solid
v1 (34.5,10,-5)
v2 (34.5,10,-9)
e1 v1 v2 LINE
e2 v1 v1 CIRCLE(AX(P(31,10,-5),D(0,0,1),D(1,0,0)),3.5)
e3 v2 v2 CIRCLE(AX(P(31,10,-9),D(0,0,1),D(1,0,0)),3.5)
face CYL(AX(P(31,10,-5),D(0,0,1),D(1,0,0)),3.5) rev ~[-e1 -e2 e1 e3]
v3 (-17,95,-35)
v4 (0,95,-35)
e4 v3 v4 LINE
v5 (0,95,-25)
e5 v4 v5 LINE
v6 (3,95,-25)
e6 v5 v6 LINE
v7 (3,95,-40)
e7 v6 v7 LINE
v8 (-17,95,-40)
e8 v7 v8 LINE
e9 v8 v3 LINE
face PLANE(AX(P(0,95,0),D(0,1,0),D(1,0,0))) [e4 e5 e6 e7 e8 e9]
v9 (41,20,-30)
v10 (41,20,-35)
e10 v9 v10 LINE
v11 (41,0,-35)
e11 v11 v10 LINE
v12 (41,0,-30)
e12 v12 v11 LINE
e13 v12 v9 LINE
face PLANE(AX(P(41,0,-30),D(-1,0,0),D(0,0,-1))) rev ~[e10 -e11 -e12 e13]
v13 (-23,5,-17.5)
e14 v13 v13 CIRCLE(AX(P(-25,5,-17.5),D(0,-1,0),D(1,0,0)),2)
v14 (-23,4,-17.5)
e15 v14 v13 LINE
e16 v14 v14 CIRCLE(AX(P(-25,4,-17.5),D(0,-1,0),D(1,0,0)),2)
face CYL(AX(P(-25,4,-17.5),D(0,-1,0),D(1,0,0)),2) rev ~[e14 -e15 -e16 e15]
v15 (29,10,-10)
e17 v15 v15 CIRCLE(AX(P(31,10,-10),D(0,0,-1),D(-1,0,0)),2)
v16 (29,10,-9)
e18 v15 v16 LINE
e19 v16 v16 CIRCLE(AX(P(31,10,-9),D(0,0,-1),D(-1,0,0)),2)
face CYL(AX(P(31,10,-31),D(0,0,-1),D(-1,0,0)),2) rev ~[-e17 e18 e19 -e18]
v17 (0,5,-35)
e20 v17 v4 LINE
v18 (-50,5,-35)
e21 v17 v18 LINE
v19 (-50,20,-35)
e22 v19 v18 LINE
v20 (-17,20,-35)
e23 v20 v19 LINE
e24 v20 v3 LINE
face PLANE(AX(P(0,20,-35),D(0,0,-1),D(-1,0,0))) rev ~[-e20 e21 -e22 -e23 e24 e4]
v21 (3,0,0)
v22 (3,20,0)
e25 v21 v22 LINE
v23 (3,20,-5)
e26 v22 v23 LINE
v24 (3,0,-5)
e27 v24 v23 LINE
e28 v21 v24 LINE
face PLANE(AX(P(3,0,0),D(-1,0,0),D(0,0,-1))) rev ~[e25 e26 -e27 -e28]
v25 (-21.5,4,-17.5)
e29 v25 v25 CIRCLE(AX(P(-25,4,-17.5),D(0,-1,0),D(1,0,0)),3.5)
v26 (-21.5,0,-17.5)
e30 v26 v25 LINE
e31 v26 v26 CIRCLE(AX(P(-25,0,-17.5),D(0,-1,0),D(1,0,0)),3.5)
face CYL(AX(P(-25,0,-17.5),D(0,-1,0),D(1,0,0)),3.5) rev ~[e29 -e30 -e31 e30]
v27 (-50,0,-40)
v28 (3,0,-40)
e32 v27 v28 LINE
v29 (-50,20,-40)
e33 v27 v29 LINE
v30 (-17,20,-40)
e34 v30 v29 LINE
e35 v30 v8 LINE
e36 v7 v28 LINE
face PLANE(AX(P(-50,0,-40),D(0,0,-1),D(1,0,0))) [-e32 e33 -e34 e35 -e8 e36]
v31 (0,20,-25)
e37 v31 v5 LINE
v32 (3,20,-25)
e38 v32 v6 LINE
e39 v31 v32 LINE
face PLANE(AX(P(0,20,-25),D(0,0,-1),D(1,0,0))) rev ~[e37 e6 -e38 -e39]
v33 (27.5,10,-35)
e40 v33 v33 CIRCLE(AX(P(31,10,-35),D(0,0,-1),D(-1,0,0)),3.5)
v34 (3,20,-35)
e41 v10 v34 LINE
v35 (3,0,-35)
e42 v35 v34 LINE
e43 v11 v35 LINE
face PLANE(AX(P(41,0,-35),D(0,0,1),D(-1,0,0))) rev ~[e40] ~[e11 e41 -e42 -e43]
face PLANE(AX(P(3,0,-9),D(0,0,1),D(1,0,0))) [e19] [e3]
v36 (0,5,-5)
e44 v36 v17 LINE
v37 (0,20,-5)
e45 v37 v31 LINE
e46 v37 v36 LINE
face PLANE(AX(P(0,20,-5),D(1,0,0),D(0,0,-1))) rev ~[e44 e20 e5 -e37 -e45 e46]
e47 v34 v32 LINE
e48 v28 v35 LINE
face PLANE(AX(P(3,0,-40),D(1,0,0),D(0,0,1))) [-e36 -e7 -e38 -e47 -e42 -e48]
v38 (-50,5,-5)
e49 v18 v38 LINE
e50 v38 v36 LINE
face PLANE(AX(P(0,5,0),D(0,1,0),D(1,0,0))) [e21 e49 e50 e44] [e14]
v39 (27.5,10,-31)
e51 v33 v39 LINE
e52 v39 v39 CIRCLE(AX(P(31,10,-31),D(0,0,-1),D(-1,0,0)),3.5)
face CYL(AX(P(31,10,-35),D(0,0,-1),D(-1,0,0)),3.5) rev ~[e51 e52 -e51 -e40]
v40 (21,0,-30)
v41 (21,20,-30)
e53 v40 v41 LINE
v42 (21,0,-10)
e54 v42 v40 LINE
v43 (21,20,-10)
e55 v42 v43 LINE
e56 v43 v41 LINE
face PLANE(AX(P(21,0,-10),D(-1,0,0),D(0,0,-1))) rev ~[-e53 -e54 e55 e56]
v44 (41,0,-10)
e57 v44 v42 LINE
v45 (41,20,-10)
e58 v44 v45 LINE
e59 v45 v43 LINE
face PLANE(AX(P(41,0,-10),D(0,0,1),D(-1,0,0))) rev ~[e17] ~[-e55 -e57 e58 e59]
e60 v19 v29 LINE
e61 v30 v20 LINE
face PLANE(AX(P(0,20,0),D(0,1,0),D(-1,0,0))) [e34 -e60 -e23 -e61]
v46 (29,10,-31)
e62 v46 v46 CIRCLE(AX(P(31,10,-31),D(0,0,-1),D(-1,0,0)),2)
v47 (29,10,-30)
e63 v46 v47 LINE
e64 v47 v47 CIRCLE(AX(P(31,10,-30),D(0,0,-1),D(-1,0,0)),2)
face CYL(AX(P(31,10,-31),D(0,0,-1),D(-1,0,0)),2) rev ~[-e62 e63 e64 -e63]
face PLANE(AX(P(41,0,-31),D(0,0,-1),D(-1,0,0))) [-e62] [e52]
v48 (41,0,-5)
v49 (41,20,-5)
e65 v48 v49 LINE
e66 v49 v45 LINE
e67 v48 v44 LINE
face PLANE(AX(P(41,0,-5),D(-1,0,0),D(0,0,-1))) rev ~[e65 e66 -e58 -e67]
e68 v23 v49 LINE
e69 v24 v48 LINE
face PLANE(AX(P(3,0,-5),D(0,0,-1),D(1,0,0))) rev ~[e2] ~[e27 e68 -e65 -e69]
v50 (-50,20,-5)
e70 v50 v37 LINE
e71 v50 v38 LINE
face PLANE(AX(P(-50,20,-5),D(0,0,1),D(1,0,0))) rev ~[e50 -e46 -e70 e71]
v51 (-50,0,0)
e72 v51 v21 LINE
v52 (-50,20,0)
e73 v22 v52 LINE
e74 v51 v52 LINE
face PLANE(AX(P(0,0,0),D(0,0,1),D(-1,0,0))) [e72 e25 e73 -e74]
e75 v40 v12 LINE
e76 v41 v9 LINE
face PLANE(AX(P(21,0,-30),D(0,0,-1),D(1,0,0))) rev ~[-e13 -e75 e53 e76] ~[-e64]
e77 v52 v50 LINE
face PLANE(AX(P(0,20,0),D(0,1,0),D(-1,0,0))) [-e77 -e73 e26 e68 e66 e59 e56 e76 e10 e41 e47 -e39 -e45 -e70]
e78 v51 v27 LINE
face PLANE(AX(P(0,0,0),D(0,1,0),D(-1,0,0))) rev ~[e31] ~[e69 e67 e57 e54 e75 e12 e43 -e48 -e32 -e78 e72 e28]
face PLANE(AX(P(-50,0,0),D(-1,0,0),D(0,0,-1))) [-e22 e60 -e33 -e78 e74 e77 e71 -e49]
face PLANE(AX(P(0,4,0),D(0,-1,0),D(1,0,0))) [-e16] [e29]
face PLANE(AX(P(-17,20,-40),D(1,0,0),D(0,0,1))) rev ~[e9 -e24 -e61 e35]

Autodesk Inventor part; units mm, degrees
ref_plane "YZ Plane" through (0, 0, 0) normal (1, 0, 0) x (0, 1, 0)
ref_plane "XZ Plane" through (0, 0, 0) normal (0, 1, 0) x (-1, 0, 0)
ref_plane "XY Plane" through (0, 0, 0) normal (0, 0, 1) x (1, 0, 0)
sketch "Sketch1" plane through (0, 0, 0) normal (0, 1, 0) x (-1, 0, 0)
  line L0 (0, 0) -> (50, 0)
  line L1 (50, 0) -> (50, -40)
  line L2 (50, -40) -> (0, -40)
  line L3 (0, -40) -> (0, 0)
  line L4 (0, -5) -> (-41, -5)
  line L5 (-41, -5) -> (-41, -10)
  line L6 (-41, -10) -> (0, -10)
  line L7 (0, -10) -> (0, -5)
  line L8 (0, -30) -> (-41, -30)
  line L9 (-41, -30) -> (-41, -35)
  line L10 (-41, -35) -> (0, -35)
  line L11 (0, -35) -> (0, -30)
  line L12 (0, 0) -> (-3, 0)
  line L13 (-3, 0) -> (-3, -5)
  line L14 (-3, -5) -> (0, -5)
  line L15 (0, -5) -> (0, 0)
  line L16 (0, -40) -> (-3, -40)
  line L17 (-3, -40) -> (-3, -35)
  line L18 (-3, -35) -> (0, -35)
  line L19 (0, -35) -> (0, -40)
  line L20 (0, -10) -> (-21, -10)
  line L21 (-21, -10) -> (-21, -30)
  line L22 (-21, -30) -> (0, -30)
  line L23 (0, -30) -> (0, -10)
  point P0 (0, -10)
  point P1 (-21, -10)
  dimension "d0" = 50
  dimension "d1" = 40
  dimension "d2" = 41
  dimension "d3" = 41
  dimension "d4" = 5
  dimension "d5" = 5
  dimension "d6" = 5
  dimension "d7" = 5
  dimension "d8" = 3
  dimension "d9" = 5
  dimension "d39" = 21
extrude "Extrusion1" add sketch "Sketch1" along normal blind 20
sketch "Sketch2" plane through (0, 20, 0) normal (0, 1, 0) x (1, 0, 0)
  line L0 (-50, 40) -> (-50, 0) projected
  line L1 (-50, 5) -> (0, 5)
  line L2 (0, 5) -> (0, 35)
  line L3 (0, 35) -> (-50, 35)
  line L4 (-50, 35) -> (-50, 5)
  line L5 (3, 40) -> (-50, 40) projected
  point P0 (0, 0)
  point P1 (-50, 35)
  dimension "d12" = 50
  dimension "d13" = 30
  dimension "d26" = 5
extrude "Extrusion2" cut sketch "Sketch2" against normal blind 15
sketch "Sketch3" plane through (3, 0, -5) normal (0, 0, 1) x (1, 0, 0)
  circle A0 centre (28, 10) radius 3.5
  line L0 (38, 0) -> (38, 20) projected
  line L1 (0, 20) -> (38, 20) projected
  point P0 (-3, 0)
  point P1 (19, 20)
  dimension "d16" = 10
  dimension "d17" = 10
  dimension "d20" = 7
extrude "Extrusion3" cut sketch "Sketch3" against normal blind 4
sketch "Sketch4" plane through (41, 0, -35) normal (0, 0, -1) x (-1, 0, 0)
  circle A0 centre (10, 10) radius 3.5 projected
  circle A1 centre (10, 10) radius 3.5 projected
  point P0 (41, 0)
extrude "Extrusion4" cut sketch "Sketch4" against normal blind 4
sketch "Sketch5" plane through (31, 10, -31) normal (0, 0, -1) x (-1, 0, 0)
  circle A0 centre (0, 0) radius 2
  point P0 (31, -10)
  dimension "d23" = 4
extrude "Extrusion5" cut sketch "Sketch5" against normal through all
sketch "Sketch6" plane through (0, 0, 0) normal (0, -1, 0) x (1, 0, 0)
  circle A0 centre (-25, -17.5) radius 3.5
  line L0 (0, -5) -> (-50, -5) projected
  point P0 (0, 0)
  point P1 (-50, -35)
  point P2 (0, -35)
  dimension "d27" = 7
  dimension "d29" = 25
  dimension "d44" = 12.5
extrude "Extrusion6" cut sketch "Sketch6" against normal blind 4
sketch "Sketch7" plane through (-25, 4, -17.5) normal (0, -1, 0) x (1, 0, 0)
  circle A0 centre (0, 0) radius 2
  point P0 (25, 17.5)
  dimension "d32" = 4
extrude "Extrusion7" cut sketch "Sketch7" against normal blind 4
sketch "Sketch9" plane through (0, 20, 0) normal (0, 1, 0) x (1, 0, 0)
  line L0 (3, 35) -> (3, 40) projected
  line L1 (-50, 35) -> (0, 35) projected
  line L2 (3, 40) -> (-17, 40)
  line L3 (-17, 40) -> (-17, 35)
  line L4 (-17, 35) -> (3, 35)
  line L5 (3, 35) -> (3, 40)
  line L6 (0, 35) -> (0, 5) projected
  line L7 (3, 35) -> (0, 35)
  line L8 (0, 35) -> (0, 25)
  line L9 (0, 25) -> (3, 25)
  line L10 (3, 25) -> (3, 35)
  point P0 (0, 0)
  point P1 (0, 15)
  dimension "d40" = 20
  dimension "d41" = 10
extrude "Extrusion9" add sketch "Sketch9" along normal blind 75
properties part number "PowerSupplyAttachTop"
